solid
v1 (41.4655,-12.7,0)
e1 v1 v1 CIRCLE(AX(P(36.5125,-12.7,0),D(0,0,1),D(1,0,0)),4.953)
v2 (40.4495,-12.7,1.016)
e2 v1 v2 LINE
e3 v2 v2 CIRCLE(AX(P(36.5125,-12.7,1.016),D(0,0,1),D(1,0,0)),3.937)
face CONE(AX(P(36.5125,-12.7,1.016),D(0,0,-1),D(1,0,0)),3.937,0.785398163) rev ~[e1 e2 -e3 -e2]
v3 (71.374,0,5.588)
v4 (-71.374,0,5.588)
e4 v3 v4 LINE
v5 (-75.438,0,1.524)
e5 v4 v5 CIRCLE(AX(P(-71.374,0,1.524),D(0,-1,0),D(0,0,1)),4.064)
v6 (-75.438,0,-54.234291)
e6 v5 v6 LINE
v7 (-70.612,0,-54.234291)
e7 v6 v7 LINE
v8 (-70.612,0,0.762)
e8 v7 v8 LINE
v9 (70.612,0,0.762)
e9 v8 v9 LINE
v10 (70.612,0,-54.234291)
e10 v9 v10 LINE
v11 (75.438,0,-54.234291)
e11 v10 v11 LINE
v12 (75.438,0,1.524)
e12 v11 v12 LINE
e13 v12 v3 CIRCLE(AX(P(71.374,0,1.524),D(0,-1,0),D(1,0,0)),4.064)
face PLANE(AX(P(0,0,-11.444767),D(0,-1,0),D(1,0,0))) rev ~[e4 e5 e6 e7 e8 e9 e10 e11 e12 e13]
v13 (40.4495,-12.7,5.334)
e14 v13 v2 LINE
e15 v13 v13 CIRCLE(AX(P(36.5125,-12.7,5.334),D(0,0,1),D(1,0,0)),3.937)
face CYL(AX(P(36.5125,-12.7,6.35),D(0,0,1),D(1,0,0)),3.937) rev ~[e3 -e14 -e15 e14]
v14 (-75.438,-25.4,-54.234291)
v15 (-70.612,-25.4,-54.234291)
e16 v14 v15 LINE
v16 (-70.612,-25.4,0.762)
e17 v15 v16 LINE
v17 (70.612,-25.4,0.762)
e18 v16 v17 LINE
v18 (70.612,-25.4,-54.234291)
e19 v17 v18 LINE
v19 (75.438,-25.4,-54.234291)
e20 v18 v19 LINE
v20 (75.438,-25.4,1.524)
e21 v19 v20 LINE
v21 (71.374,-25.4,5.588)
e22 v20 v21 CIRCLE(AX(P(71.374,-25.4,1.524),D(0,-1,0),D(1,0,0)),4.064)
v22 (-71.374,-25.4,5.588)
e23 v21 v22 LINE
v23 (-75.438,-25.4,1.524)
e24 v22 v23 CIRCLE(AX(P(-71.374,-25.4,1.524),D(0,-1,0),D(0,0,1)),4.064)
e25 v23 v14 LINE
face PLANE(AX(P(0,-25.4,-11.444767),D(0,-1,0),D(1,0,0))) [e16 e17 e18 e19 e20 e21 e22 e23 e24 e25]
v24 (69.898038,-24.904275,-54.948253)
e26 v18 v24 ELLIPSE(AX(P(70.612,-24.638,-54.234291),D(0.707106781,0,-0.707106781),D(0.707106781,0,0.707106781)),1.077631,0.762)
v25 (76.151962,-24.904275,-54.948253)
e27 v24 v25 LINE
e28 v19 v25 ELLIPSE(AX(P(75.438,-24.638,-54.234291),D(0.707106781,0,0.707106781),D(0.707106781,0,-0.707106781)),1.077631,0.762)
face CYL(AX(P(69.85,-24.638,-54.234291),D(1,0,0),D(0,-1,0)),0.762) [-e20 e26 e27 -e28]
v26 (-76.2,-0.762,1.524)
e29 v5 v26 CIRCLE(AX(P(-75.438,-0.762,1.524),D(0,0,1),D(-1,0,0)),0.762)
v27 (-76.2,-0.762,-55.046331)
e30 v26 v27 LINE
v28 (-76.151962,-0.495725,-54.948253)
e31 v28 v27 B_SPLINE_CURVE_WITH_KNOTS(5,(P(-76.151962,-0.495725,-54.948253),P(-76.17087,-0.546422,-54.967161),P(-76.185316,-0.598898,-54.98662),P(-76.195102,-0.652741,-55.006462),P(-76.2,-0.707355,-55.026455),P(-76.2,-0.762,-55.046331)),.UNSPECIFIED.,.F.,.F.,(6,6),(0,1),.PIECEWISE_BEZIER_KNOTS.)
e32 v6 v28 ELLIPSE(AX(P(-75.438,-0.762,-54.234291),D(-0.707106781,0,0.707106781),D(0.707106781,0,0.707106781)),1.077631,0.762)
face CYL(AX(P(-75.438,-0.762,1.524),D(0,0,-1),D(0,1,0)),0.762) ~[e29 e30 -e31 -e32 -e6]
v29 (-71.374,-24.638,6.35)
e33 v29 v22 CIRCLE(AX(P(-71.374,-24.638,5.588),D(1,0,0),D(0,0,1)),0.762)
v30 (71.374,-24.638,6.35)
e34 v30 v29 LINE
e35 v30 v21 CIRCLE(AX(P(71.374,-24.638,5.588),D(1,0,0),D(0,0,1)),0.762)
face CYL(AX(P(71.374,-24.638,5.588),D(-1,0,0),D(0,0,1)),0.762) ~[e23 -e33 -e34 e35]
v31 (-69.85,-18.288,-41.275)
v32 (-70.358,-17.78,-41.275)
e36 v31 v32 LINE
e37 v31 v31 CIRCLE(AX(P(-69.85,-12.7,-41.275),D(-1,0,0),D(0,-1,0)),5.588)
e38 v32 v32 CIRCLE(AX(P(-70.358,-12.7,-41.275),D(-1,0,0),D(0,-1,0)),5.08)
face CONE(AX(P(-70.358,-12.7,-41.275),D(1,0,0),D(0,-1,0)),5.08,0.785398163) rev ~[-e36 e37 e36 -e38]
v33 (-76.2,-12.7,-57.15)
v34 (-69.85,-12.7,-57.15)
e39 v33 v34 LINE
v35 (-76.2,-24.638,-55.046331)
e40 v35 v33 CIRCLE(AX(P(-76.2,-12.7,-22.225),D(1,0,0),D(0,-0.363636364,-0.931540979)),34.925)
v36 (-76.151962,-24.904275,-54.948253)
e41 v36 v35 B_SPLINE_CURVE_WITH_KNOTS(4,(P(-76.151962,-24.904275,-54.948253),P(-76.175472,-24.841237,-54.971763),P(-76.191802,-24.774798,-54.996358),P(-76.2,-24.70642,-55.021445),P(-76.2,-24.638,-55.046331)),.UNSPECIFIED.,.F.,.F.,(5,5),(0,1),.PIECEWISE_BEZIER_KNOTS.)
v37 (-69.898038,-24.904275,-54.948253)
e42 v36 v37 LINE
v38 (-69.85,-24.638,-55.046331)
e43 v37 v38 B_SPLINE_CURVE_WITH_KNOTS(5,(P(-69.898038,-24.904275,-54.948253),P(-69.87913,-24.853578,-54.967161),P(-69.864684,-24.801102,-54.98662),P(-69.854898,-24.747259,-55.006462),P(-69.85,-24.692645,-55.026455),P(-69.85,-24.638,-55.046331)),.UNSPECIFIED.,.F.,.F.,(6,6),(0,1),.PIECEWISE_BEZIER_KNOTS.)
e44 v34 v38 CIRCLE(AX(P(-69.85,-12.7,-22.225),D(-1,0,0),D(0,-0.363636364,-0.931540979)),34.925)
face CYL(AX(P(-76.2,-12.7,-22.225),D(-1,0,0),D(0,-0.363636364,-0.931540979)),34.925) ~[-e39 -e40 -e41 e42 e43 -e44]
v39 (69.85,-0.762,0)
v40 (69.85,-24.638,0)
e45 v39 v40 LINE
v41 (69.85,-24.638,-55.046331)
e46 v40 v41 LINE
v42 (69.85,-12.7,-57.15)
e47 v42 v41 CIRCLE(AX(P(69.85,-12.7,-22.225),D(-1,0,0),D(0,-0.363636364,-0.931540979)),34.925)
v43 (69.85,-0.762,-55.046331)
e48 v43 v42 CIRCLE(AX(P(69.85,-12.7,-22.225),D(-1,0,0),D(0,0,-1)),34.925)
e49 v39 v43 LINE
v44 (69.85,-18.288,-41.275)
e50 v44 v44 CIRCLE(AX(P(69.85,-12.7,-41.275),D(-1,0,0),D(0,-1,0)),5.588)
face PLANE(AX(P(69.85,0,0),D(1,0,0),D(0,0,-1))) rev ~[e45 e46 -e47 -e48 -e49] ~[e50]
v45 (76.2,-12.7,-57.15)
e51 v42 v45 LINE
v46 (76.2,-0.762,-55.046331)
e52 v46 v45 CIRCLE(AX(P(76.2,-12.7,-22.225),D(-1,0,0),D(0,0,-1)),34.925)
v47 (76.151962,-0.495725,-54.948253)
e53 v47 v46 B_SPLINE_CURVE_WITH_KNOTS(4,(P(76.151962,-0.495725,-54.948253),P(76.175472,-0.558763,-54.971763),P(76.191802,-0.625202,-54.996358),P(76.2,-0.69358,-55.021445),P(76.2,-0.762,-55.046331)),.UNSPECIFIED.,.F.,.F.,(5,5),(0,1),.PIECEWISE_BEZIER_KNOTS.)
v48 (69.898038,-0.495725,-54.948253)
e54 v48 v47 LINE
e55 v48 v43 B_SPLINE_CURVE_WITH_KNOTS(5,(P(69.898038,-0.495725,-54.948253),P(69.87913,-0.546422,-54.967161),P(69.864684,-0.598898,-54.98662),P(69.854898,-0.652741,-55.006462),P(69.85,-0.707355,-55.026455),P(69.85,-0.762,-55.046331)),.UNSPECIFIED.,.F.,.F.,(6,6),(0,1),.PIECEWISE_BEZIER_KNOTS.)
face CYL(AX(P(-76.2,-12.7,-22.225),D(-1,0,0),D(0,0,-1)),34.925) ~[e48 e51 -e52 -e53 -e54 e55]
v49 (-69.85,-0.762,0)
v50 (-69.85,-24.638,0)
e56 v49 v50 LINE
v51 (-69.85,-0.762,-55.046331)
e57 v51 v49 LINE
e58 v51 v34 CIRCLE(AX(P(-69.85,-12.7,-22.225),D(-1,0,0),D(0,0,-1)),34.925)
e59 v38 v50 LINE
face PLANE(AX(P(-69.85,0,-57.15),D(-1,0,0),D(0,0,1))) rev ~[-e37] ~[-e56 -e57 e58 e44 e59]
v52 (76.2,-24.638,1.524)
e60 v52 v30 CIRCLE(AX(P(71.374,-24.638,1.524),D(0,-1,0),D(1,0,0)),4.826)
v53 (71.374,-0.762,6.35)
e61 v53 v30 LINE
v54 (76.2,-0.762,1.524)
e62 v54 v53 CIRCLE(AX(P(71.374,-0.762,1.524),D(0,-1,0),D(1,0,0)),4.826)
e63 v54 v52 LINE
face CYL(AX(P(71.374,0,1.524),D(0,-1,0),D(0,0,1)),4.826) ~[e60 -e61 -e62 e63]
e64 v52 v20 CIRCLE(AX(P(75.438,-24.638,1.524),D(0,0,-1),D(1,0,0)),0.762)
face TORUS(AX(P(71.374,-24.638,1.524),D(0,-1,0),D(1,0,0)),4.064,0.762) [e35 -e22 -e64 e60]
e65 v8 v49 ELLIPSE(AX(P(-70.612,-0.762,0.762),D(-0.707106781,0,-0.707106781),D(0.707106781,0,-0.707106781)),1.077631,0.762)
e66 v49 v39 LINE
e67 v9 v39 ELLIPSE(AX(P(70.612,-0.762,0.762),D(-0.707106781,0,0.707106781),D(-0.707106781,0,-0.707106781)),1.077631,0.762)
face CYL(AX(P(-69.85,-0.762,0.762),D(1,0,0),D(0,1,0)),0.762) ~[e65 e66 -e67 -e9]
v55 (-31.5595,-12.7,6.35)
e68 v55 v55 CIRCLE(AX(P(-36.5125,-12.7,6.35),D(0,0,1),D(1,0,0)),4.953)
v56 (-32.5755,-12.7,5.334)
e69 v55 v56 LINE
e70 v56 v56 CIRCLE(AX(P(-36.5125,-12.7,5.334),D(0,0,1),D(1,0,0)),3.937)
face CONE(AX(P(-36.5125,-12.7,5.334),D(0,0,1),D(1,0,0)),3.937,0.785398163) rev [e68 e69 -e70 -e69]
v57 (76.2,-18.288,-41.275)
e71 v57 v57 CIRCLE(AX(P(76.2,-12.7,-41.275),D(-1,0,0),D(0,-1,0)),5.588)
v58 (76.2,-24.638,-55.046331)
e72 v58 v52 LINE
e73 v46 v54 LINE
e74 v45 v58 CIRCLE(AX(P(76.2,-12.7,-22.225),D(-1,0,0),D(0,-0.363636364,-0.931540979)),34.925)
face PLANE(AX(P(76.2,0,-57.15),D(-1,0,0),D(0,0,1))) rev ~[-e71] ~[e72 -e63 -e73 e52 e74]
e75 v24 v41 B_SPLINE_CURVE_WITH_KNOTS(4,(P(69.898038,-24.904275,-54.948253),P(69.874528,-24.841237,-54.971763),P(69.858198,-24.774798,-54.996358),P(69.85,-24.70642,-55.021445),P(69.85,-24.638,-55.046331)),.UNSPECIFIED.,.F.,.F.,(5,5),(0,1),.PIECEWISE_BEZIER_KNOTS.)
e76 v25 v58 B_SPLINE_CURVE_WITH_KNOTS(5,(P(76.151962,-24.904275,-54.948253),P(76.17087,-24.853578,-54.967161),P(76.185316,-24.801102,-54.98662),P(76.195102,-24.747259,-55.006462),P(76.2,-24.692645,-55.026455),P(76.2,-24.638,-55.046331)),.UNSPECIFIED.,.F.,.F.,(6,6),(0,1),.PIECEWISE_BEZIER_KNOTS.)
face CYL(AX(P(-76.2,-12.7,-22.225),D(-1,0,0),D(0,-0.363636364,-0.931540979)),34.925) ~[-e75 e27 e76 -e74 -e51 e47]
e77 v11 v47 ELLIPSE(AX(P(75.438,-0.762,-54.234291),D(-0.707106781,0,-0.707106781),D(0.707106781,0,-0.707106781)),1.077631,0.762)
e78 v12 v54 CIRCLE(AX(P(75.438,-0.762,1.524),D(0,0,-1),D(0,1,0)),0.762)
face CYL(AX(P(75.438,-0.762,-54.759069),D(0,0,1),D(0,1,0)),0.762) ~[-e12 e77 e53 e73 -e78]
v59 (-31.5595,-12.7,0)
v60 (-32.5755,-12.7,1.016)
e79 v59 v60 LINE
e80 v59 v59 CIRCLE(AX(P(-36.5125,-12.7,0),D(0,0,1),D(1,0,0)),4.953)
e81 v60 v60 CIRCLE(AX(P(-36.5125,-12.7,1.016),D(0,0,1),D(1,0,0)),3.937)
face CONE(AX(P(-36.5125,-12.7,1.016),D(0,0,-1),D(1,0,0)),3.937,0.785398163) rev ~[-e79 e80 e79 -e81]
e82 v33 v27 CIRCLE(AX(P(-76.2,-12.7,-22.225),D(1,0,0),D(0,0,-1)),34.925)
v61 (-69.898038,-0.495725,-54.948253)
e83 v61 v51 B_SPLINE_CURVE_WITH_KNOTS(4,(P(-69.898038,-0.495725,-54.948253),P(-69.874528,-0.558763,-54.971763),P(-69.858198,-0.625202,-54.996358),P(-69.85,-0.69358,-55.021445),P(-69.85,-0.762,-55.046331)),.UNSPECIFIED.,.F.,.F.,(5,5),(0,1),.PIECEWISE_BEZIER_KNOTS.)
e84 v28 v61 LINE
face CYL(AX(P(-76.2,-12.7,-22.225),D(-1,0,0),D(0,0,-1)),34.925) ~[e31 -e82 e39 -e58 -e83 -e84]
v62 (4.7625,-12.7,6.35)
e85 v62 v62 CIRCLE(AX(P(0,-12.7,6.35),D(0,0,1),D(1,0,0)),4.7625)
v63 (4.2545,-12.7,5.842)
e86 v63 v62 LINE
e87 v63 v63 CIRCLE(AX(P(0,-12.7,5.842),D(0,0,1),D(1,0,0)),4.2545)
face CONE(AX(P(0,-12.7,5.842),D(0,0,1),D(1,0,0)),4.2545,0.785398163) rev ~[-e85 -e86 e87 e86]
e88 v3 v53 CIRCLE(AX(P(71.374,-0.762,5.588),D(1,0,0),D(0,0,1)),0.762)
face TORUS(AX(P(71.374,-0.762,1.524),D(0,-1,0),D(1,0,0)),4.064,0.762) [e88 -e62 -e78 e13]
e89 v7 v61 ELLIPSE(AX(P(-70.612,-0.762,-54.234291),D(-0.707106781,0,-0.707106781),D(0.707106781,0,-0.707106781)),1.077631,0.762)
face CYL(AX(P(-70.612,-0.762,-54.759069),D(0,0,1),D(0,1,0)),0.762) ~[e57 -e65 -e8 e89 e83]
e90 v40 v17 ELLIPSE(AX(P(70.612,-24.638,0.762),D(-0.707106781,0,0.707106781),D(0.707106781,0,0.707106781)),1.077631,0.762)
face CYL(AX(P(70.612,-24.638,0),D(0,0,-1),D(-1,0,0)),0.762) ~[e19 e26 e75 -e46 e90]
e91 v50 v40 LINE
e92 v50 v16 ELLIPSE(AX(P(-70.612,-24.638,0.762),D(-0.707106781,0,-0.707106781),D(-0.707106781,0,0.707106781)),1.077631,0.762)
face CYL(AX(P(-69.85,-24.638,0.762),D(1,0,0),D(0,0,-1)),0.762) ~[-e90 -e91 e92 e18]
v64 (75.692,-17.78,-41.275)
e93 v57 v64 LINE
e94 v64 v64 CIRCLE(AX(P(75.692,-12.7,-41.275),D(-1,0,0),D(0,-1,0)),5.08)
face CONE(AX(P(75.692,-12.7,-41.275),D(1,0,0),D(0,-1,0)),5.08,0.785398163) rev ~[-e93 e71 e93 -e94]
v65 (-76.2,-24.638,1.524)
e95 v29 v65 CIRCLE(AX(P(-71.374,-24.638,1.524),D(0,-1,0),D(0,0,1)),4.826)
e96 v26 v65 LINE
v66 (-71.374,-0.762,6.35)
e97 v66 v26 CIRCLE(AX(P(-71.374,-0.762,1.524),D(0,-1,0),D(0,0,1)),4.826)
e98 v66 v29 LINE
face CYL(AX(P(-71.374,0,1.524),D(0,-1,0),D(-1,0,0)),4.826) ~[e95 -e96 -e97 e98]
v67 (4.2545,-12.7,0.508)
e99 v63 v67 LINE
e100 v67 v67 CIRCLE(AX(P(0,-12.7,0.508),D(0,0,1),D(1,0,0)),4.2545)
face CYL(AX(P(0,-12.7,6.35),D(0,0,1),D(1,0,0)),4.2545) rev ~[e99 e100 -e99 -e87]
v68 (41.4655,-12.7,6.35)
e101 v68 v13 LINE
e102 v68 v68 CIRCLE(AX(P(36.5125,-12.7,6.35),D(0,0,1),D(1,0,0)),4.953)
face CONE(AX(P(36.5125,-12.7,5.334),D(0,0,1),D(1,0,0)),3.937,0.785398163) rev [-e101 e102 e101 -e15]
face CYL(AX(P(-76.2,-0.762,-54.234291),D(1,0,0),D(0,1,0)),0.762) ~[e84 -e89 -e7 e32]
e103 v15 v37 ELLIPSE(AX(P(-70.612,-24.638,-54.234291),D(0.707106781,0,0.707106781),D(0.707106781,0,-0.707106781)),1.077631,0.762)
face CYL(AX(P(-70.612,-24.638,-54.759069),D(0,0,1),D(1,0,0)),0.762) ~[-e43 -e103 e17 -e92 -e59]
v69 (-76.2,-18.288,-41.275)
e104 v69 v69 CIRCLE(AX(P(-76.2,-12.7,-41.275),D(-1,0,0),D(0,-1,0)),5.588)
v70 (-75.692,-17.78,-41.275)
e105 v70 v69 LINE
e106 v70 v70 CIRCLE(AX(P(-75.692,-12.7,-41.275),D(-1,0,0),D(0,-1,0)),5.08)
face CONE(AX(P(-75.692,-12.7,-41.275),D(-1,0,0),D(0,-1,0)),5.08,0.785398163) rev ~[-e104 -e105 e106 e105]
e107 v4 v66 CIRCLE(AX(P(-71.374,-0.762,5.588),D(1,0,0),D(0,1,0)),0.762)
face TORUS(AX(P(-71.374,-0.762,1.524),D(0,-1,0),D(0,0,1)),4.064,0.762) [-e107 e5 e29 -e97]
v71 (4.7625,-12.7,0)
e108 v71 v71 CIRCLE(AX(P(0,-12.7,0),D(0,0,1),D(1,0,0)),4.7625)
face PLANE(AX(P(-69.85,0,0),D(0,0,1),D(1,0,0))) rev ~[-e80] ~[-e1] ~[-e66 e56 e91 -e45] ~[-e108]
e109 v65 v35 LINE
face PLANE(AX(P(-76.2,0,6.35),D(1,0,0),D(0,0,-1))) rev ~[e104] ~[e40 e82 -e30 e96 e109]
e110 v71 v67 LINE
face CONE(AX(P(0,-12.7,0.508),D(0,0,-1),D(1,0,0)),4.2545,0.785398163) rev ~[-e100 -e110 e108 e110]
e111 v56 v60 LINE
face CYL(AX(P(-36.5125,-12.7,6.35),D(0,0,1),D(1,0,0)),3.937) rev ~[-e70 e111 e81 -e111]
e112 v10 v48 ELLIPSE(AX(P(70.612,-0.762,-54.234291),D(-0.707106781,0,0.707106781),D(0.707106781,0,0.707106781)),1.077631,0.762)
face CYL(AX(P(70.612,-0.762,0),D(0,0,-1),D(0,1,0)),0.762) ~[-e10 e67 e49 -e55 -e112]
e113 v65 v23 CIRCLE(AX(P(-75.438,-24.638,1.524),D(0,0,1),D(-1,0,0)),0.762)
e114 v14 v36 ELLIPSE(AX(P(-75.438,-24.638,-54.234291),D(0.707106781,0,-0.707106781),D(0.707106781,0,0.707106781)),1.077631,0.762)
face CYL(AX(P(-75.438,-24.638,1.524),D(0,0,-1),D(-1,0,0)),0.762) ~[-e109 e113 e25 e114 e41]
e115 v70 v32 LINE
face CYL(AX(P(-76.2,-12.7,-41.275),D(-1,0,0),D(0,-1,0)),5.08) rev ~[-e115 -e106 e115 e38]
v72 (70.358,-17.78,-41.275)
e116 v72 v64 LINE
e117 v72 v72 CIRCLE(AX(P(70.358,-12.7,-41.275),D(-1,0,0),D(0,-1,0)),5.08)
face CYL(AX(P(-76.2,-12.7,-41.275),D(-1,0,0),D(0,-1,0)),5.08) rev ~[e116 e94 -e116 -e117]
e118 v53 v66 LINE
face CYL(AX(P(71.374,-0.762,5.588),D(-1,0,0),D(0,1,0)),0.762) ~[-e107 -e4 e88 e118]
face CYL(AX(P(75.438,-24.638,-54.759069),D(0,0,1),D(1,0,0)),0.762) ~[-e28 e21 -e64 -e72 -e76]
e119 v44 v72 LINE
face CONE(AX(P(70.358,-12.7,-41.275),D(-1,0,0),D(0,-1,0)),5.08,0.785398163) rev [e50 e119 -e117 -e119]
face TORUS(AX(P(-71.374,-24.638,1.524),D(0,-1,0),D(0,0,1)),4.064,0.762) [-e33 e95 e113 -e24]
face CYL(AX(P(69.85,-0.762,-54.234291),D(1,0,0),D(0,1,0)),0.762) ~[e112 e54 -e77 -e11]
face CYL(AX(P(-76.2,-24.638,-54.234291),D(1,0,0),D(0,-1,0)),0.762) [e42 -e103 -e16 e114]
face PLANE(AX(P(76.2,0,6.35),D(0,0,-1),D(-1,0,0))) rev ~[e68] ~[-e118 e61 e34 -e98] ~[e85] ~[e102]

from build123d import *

# Parameters (mm, degrees)
F1_DEPTH = 25.4
F2_R     = 5.08
F3_DEPTH = 152.401
F4_R     = 3.937
F4_R_2   = 4.2545
F5_DEPTH = 63.501
F6_SIZE  = 1.016
F7_SIZE  = 0.508
F8_R     = 4.826
F9_R     = 0.762


with BuildPart() as f1:
    # F0 (on Front) → F1 (new body)
    with BuildSketch(Plane.XZ):
        Polygon((-69.85, -57.15), (-69.85, 0), (0, 0), (69.85, 0), (69.85, -57.15), (76.2, -57.15), (76.2, 6.35), (0, 6.35), (-76.2, 6.35), (-76.2, -57.15), align=None)
    extrude(amount=F1_DEPTH)

    # F2 (on face) → F3 (cut, through all)
    with BuildSketch(Plane(origin=(-76.2, 0, 0), x_dir=(0, -1, 0), z_dir=(-1, 0, 0))):
        with Locations((12.7, -41.275)):
            Circle(F2_R)
        with BuildLine():
            ThreePointArc((25.4, -54.7590686819), (19.1615507536, -56.5470626836), (12.7, -57.15))
            Line((12.7, -57.15), (25.4, -57.15))
            Line((25.4, -57.15), (25.4, -54.7590686819))
        make_face()
        with BuildLine():
            ThreePointArc((12.7, -57.15), (6.2384492464, -56.5470626836), (0, -54.7590686819))
            Line((0, -54.7590686819), (0, -57.15))
            Line((0, -57.15), (12.7, -57.15))
        make_face()
    extrude(amount=-F3_DEPTH, mode=Mode.SUBTRACT)

    # F4 (on face) → F5 (cut, through all)
    with BuildSketch(Plane.XY.offset(6.35)):
        with Locations((-36.5125, -12.7)):
            Circle(F4_R)
        with Locations((0, -12.7)):
            Circle(F4_R_2)
        with Locations((36.5125, -12.7)):
            Circle(F4_R)
    extrude(amount=-F5_DEPTH, mode=Mode.SUBTRACT)

    # F6
    f6_edges = [f1.edges().sort_by_distance(p)[0] for p in [
        (-40.4495, -12.7, 6.35),
        (32.5755, -12.7, 6.35),
        (32.5755, -12.7, 0),
        (-40.4495, -12.7, 0),
    ]]
    chamfer(f6_edges, length=F6_SIZE)

    # F7
    f7_edges = [f1.edges().sort_by_distance(p)[0] for p in [
        (-4.2545, -12.7, 6.35),
        (-4.2545, -12.7, 0),
        (-69.85, -7.62, -41.275),
        (69.85, -7.62, -41.275),
        (76.2, -7.62, -41.275),
        (-76.2, -7.62, -41.275),
    ]]
    chamfer(f7_edges, length=F7_SIZE)

    # F8
    f8_edges = [f1.edges().sort_by_distance(p)[0] for p in [
        (-76.2, -12.7, 6.35),
        (76.2, -12.7, 6.35),
    ]]
    fillet(f8_edges, radius=F8_R)

    # F9
    f9_edges = [f1.edges().sort_by_distance(p)[0] for p in [
        (0, -25.4, 6.35),
        (-73.025, -25.4, -54.759069),
        (-69.85, -25.4, -27.379534),
        (0, -25.4, 0),
        (69.85, -25.4, -27.379534),
        (73.025, -25.4, -54.759069),
        (0, 0, 6.35),
        (69.85, 0, -27.379534),
        (0, 0, 0),
        (-69.85, 0, -27.379534),
        (73.025, 0, -54.759069),
        (-73.025, 0, -54.759069),
    ]]
    fillet(f9_edges, radius=F9_R)


solid = f1.part
